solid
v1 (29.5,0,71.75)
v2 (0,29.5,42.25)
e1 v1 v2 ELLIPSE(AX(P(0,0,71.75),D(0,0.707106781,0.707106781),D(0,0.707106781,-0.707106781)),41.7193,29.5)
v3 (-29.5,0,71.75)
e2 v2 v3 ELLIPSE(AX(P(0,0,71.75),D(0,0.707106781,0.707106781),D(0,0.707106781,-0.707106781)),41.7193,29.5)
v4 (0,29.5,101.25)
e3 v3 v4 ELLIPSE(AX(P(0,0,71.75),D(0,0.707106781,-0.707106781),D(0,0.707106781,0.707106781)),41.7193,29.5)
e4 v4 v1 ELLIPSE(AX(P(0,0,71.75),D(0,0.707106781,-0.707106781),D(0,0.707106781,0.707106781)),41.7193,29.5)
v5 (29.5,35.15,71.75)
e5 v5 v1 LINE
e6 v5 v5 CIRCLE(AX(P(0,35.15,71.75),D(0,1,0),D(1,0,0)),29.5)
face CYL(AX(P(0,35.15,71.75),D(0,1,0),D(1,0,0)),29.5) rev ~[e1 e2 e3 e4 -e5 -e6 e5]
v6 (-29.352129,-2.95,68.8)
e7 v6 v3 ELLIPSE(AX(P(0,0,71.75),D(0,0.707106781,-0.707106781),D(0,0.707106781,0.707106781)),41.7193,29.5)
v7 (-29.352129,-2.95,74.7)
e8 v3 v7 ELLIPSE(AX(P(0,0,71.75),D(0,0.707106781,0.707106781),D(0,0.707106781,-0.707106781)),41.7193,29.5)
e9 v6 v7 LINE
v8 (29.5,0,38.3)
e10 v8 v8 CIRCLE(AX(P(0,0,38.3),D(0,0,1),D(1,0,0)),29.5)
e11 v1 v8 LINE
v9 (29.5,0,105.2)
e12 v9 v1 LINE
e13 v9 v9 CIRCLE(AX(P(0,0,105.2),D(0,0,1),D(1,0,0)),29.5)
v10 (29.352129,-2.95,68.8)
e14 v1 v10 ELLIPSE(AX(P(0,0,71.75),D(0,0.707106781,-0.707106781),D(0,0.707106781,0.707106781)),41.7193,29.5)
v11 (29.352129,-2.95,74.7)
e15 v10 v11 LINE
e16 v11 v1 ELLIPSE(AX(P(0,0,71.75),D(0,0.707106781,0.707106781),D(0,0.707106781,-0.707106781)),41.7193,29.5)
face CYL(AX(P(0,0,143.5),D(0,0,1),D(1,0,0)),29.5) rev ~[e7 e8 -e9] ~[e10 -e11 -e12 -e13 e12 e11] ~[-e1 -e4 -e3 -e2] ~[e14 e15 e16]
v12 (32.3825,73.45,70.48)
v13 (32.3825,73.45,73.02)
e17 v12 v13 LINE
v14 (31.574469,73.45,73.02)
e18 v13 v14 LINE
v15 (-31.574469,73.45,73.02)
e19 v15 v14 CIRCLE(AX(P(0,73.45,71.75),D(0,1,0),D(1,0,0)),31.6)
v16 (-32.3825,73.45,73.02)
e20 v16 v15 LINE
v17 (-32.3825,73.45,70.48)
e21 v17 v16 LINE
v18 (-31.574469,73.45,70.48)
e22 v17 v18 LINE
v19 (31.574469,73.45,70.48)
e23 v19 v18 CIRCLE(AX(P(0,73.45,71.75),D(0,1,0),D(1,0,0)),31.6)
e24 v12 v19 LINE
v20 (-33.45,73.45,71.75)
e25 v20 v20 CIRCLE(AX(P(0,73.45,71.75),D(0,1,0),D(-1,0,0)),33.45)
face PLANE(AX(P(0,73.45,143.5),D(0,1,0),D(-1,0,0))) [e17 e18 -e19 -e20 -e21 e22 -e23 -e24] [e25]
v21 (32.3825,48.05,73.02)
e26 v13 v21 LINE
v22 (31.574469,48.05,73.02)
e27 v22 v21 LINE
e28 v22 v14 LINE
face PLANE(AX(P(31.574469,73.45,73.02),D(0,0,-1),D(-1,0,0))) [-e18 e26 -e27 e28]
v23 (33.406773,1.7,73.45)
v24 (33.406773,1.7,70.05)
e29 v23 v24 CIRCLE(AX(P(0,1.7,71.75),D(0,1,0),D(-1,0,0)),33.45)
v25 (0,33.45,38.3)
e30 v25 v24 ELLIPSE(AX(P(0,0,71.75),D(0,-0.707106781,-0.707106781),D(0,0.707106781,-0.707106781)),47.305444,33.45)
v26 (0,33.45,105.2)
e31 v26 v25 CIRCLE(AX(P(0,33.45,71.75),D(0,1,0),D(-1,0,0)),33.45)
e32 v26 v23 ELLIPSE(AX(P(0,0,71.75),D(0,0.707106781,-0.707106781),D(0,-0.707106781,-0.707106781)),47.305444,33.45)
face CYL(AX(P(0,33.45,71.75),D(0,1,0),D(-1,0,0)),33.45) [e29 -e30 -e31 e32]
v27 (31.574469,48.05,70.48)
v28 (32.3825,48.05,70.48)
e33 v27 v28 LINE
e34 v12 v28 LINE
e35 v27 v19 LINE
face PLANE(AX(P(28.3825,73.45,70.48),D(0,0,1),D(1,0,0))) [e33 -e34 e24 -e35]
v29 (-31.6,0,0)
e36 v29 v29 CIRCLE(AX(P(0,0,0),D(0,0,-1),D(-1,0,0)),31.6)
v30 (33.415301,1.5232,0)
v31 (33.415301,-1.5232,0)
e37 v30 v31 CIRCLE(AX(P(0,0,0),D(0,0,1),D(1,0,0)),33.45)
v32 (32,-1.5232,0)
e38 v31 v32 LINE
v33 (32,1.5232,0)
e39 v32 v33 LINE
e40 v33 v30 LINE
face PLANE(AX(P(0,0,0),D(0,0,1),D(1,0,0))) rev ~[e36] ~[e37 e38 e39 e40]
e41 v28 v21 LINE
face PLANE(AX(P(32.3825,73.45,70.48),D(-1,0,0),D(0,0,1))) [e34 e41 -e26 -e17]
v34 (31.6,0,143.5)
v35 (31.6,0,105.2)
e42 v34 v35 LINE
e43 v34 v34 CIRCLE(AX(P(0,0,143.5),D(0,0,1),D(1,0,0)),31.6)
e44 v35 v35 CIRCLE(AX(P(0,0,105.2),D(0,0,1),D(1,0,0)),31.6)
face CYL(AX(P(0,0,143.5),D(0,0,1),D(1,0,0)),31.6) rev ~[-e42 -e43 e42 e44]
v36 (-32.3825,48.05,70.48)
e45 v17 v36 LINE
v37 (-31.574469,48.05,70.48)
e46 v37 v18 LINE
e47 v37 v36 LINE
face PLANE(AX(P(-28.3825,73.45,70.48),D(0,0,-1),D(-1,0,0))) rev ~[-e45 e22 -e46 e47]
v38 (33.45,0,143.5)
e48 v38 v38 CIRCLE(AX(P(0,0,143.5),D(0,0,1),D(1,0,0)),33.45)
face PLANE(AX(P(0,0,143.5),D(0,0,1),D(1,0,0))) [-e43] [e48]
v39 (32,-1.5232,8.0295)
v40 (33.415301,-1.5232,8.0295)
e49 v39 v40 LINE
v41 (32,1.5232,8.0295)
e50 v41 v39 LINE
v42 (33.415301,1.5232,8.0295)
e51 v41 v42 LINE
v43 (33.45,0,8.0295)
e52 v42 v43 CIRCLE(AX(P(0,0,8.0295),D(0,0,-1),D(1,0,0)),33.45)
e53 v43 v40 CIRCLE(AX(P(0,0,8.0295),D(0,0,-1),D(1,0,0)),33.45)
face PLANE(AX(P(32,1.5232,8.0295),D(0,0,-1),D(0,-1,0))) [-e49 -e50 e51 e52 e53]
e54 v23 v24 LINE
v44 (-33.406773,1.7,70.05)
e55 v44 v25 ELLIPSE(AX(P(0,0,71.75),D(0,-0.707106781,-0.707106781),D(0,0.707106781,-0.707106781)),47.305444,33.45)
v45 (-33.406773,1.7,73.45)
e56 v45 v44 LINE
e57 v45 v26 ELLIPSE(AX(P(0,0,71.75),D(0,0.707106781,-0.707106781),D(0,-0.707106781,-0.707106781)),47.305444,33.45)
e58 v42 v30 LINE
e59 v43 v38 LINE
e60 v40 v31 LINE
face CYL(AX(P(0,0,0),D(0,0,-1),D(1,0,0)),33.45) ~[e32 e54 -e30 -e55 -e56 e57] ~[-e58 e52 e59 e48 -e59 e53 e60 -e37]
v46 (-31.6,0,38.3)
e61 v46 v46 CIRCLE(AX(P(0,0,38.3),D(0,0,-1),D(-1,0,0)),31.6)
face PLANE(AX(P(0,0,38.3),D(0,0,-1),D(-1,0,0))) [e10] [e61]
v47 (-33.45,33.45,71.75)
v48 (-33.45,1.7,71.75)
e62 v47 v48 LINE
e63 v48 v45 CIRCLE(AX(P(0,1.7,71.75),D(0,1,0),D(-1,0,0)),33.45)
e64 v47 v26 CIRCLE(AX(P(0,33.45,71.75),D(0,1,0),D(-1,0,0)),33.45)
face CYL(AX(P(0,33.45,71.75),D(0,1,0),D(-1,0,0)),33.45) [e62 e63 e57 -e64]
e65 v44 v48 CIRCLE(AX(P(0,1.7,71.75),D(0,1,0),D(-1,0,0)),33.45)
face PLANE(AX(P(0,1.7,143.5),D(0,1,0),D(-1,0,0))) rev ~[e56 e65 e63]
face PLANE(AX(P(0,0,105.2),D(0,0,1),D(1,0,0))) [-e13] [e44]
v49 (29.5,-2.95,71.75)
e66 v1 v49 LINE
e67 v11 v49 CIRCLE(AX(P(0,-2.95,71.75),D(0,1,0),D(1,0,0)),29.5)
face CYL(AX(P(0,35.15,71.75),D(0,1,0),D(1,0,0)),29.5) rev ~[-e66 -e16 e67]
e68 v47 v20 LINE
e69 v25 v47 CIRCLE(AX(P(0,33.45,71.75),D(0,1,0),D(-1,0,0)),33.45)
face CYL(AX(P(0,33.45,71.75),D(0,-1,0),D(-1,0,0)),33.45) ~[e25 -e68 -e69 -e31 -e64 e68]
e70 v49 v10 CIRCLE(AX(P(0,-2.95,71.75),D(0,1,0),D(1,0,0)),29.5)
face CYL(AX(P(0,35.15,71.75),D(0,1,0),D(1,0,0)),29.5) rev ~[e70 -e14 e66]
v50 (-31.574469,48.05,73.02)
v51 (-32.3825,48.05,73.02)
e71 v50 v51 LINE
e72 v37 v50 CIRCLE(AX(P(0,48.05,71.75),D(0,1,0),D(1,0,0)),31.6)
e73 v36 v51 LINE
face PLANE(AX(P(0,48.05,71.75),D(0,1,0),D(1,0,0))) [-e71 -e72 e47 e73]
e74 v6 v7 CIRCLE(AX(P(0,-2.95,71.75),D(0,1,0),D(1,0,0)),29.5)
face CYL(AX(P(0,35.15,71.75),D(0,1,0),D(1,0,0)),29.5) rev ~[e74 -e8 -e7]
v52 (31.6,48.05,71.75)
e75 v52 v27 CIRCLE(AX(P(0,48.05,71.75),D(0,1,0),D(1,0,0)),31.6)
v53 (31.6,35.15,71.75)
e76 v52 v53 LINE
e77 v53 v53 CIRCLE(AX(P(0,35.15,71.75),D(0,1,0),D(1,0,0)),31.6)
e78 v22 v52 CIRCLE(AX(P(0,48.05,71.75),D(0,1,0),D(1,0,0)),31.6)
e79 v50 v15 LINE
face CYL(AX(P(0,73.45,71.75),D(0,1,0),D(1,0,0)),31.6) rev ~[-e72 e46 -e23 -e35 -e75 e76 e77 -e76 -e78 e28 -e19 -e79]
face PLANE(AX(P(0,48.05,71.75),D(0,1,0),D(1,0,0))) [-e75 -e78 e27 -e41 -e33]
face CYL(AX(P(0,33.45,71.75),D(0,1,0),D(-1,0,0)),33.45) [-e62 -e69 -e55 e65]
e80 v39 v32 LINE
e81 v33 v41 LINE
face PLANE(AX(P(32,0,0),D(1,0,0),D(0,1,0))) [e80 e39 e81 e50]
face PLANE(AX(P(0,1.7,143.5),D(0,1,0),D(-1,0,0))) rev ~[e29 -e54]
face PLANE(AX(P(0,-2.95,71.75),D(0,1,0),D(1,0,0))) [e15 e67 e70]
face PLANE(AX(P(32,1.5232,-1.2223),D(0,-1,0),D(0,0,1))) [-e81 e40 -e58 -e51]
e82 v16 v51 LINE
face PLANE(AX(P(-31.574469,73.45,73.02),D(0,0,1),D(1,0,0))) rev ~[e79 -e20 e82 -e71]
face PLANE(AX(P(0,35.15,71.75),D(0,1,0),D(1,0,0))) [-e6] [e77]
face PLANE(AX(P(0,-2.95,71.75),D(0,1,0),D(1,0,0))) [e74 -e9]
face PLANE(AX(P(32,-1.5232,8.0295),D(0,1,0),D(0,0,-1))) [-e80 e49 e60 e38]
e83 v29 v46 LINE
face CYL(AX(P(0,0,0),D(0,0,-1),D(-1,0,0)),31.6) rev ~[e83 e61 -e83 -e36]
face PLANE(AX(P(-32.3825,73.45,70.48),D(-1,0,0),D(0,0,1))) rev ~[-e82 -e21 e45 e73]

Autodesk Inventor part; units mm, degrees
ref_plane "XZ Plane" through (0, 0, 0) normal (0, 1, 0) x (-1, 0, 0)
sketch "Sketch1" plane through (0, 0, 0) normal (0, 0, 1) x (1, 0, 0)
  circle A0 centre (0, 0) radius 33.45
  dimension "d0" = 66.9
extrude "mainBody" add sketch "Sketch1" along normal blind 143.5
sketch "Sketch10" plane through (0, 0, 143.5) normal (0, 0, 1) x (1, 0, 0)
  circle A0 centre (0, 0) radius 30.1625 projected
  circle A1 centre (0, 0) radius 33.45 projected
  point P0 (0, 33.45)
ref_plane "Work Plane5" through (0, 33.45, 143.5) normal (0, 1, 0) x (-1, 0, 0)
sketch "Sketch11" plane through (0, 33.45, 143.5) normal (0, 1, 0) x (-1, 0, 0)
  circle A0 centre (0, -71.75) radius 33.45
  line L0 (33.45, 0) -> (-33.45, 0) projected
  point P0 (0, -143.5)
  dimension "d29" = 71.75
  dimension "d30" = 66.9
extrude "TBody" add sketch "Sketch11" along normal blind 40 and the other way blind 31.75
sketch "Sketch12" plane through (0, 73.45, 71.75) normal (0, 1, 0) x (1, 0, 0)
  circle A0 centre (0, 0) radius 33.45 projected
  circle A1 centre (0, 0) radius 31.6
  point P0 (0, 71.75)
  dimension "d35" = 63.2
extrude "TSocket" cut sketch "Sketch12" against normal blind 38.3 contours A1
sketch "Sketch13" plane through (0, 35.15, 71.75) normal (0, 1, 0) x (1, 0, 0)
  circle A0 centre (0, 0) radius 31.6 projected
  circle A1 centre (0, 0) radius 29.5
  point P0 (0, 71.75)
  dimension "d39" = 59
extrude "TTube" cut sketch "Sketch13" against normal blind 38.1 contours A1
sketch "Sketch14" plane through (0, 0, 143.5) normal (0, 0, 1) x (1, 0, 0)
  circle A0 centre (0, 0) radius 33.45 projected
  circle A1 centre (0, 0) radius 29.5
  dimension "d43" = 59
extrude "mainTube" cut sketch "Sketch14" against normal blind 177.8 contours A1
sketch "Sketch15" plane through (0, 0, 143.5) normal (0, 0, 1) x (1, 0, 0)
  circle A0 centre (0, 0) radius 29.5 projected
  circle A1 centre (0, 0) radius 33.45 projected
  circle A2 centre (0, 0) radius 31.6
  dimension "d47" = 63.2
extrude "mainSocket1" cut sketch "Sketch15" against normal blind 38.3 contours A2
sketch "Sketch16" plane through (0, 0, 0) normal (0, 0, -1) x (-1, 0, 0)
  circle A0 centre (0, 0) radius 29.5 projected
  circle A1 centre (0, 0) radius 33.45 projected
  circle A2 centre (0, 0) radius 31.6
  dimension "d51" = 63.2
extrude "mainSocket2" cut sketch "Sketch16" against normal blind 38.3 contours A2
sketch "Sketch24" plane through (0, 73.45, 71.75) normal (0, 1, 0) x (1, 0, 0)
  circle A0 centre (0, 0) radius 31.6 projected
  line L0 (-31.6, 0) -> (31.6, 0) construction
  line L1 (0, 31.6) -> (0, -31.6) construction
  line L2 (-32.3825, -1.27) -> (-28.3825, -1.27)
  line L3 (-28.3825, -1.27) -> (-28.3825, 1.27)
  line L4 (-28.3825, 1.27) -> (-32.3825, 1.27)
  line L5 (-32.3825, 1.27) -> (-32.3825, -1.27)
  line L6 (-32.3825, 0) -> (-28.3825, 0) construction
  line L7 (32.3825, -1.27) -> (28.3825, -1.27)
  line L8 (28.3825, -1.27) -> (28.3825, 1.27)
  line L9 (28.3825, 1.27) -> (32.3825, 1.27)
  line L10 (32.3825, 1.27) -> (32.3825, -1.27)
  line L11 (32.3825, 0) -> (28.3825, 0) construction
  point P0 (0, 71.75)
  dimension "d72" = 4
  dimension "d75" = 2.54
extrude "Extrusion20" cut sketch "Sketch24" against normal blind 25.4 contours A0 L7 L8 L9 | A0 L9 L10 L7 | L4 L3 L2 A0 | A0 L2 L5 L4
ref_plane "Work Plane6" through (32, 0, 0) normal (1, 0, 0) x (0, 1, 0)
sketch "Sketch27" plane through (32, 0, 0) normal (1, 0, 0) x (0, 1, 0)
  line L0 (-1.5232, -1.2223) -> (1.5232, -1.2223)
  line L1 (1.5232, -1.2223) -> (1.5232, 8.0295)
  line L2 (1.5232, 8.0295) -> (-1.5232, 8.0295)
  line L3 (-1.5232, 8.0295) -> (-1.5232, -1.2223)
  point P0 (0, 0)
extrude "Extrusion22" cut sketch "Sketch27" along normal blind 25.4
equation "\"d1\" = length"
equation "\"d29\" = 0.5 * length"
equation "\"length\" = 143.5"
properties part number "0pvc_T_2in" material "PVC-Piping"
